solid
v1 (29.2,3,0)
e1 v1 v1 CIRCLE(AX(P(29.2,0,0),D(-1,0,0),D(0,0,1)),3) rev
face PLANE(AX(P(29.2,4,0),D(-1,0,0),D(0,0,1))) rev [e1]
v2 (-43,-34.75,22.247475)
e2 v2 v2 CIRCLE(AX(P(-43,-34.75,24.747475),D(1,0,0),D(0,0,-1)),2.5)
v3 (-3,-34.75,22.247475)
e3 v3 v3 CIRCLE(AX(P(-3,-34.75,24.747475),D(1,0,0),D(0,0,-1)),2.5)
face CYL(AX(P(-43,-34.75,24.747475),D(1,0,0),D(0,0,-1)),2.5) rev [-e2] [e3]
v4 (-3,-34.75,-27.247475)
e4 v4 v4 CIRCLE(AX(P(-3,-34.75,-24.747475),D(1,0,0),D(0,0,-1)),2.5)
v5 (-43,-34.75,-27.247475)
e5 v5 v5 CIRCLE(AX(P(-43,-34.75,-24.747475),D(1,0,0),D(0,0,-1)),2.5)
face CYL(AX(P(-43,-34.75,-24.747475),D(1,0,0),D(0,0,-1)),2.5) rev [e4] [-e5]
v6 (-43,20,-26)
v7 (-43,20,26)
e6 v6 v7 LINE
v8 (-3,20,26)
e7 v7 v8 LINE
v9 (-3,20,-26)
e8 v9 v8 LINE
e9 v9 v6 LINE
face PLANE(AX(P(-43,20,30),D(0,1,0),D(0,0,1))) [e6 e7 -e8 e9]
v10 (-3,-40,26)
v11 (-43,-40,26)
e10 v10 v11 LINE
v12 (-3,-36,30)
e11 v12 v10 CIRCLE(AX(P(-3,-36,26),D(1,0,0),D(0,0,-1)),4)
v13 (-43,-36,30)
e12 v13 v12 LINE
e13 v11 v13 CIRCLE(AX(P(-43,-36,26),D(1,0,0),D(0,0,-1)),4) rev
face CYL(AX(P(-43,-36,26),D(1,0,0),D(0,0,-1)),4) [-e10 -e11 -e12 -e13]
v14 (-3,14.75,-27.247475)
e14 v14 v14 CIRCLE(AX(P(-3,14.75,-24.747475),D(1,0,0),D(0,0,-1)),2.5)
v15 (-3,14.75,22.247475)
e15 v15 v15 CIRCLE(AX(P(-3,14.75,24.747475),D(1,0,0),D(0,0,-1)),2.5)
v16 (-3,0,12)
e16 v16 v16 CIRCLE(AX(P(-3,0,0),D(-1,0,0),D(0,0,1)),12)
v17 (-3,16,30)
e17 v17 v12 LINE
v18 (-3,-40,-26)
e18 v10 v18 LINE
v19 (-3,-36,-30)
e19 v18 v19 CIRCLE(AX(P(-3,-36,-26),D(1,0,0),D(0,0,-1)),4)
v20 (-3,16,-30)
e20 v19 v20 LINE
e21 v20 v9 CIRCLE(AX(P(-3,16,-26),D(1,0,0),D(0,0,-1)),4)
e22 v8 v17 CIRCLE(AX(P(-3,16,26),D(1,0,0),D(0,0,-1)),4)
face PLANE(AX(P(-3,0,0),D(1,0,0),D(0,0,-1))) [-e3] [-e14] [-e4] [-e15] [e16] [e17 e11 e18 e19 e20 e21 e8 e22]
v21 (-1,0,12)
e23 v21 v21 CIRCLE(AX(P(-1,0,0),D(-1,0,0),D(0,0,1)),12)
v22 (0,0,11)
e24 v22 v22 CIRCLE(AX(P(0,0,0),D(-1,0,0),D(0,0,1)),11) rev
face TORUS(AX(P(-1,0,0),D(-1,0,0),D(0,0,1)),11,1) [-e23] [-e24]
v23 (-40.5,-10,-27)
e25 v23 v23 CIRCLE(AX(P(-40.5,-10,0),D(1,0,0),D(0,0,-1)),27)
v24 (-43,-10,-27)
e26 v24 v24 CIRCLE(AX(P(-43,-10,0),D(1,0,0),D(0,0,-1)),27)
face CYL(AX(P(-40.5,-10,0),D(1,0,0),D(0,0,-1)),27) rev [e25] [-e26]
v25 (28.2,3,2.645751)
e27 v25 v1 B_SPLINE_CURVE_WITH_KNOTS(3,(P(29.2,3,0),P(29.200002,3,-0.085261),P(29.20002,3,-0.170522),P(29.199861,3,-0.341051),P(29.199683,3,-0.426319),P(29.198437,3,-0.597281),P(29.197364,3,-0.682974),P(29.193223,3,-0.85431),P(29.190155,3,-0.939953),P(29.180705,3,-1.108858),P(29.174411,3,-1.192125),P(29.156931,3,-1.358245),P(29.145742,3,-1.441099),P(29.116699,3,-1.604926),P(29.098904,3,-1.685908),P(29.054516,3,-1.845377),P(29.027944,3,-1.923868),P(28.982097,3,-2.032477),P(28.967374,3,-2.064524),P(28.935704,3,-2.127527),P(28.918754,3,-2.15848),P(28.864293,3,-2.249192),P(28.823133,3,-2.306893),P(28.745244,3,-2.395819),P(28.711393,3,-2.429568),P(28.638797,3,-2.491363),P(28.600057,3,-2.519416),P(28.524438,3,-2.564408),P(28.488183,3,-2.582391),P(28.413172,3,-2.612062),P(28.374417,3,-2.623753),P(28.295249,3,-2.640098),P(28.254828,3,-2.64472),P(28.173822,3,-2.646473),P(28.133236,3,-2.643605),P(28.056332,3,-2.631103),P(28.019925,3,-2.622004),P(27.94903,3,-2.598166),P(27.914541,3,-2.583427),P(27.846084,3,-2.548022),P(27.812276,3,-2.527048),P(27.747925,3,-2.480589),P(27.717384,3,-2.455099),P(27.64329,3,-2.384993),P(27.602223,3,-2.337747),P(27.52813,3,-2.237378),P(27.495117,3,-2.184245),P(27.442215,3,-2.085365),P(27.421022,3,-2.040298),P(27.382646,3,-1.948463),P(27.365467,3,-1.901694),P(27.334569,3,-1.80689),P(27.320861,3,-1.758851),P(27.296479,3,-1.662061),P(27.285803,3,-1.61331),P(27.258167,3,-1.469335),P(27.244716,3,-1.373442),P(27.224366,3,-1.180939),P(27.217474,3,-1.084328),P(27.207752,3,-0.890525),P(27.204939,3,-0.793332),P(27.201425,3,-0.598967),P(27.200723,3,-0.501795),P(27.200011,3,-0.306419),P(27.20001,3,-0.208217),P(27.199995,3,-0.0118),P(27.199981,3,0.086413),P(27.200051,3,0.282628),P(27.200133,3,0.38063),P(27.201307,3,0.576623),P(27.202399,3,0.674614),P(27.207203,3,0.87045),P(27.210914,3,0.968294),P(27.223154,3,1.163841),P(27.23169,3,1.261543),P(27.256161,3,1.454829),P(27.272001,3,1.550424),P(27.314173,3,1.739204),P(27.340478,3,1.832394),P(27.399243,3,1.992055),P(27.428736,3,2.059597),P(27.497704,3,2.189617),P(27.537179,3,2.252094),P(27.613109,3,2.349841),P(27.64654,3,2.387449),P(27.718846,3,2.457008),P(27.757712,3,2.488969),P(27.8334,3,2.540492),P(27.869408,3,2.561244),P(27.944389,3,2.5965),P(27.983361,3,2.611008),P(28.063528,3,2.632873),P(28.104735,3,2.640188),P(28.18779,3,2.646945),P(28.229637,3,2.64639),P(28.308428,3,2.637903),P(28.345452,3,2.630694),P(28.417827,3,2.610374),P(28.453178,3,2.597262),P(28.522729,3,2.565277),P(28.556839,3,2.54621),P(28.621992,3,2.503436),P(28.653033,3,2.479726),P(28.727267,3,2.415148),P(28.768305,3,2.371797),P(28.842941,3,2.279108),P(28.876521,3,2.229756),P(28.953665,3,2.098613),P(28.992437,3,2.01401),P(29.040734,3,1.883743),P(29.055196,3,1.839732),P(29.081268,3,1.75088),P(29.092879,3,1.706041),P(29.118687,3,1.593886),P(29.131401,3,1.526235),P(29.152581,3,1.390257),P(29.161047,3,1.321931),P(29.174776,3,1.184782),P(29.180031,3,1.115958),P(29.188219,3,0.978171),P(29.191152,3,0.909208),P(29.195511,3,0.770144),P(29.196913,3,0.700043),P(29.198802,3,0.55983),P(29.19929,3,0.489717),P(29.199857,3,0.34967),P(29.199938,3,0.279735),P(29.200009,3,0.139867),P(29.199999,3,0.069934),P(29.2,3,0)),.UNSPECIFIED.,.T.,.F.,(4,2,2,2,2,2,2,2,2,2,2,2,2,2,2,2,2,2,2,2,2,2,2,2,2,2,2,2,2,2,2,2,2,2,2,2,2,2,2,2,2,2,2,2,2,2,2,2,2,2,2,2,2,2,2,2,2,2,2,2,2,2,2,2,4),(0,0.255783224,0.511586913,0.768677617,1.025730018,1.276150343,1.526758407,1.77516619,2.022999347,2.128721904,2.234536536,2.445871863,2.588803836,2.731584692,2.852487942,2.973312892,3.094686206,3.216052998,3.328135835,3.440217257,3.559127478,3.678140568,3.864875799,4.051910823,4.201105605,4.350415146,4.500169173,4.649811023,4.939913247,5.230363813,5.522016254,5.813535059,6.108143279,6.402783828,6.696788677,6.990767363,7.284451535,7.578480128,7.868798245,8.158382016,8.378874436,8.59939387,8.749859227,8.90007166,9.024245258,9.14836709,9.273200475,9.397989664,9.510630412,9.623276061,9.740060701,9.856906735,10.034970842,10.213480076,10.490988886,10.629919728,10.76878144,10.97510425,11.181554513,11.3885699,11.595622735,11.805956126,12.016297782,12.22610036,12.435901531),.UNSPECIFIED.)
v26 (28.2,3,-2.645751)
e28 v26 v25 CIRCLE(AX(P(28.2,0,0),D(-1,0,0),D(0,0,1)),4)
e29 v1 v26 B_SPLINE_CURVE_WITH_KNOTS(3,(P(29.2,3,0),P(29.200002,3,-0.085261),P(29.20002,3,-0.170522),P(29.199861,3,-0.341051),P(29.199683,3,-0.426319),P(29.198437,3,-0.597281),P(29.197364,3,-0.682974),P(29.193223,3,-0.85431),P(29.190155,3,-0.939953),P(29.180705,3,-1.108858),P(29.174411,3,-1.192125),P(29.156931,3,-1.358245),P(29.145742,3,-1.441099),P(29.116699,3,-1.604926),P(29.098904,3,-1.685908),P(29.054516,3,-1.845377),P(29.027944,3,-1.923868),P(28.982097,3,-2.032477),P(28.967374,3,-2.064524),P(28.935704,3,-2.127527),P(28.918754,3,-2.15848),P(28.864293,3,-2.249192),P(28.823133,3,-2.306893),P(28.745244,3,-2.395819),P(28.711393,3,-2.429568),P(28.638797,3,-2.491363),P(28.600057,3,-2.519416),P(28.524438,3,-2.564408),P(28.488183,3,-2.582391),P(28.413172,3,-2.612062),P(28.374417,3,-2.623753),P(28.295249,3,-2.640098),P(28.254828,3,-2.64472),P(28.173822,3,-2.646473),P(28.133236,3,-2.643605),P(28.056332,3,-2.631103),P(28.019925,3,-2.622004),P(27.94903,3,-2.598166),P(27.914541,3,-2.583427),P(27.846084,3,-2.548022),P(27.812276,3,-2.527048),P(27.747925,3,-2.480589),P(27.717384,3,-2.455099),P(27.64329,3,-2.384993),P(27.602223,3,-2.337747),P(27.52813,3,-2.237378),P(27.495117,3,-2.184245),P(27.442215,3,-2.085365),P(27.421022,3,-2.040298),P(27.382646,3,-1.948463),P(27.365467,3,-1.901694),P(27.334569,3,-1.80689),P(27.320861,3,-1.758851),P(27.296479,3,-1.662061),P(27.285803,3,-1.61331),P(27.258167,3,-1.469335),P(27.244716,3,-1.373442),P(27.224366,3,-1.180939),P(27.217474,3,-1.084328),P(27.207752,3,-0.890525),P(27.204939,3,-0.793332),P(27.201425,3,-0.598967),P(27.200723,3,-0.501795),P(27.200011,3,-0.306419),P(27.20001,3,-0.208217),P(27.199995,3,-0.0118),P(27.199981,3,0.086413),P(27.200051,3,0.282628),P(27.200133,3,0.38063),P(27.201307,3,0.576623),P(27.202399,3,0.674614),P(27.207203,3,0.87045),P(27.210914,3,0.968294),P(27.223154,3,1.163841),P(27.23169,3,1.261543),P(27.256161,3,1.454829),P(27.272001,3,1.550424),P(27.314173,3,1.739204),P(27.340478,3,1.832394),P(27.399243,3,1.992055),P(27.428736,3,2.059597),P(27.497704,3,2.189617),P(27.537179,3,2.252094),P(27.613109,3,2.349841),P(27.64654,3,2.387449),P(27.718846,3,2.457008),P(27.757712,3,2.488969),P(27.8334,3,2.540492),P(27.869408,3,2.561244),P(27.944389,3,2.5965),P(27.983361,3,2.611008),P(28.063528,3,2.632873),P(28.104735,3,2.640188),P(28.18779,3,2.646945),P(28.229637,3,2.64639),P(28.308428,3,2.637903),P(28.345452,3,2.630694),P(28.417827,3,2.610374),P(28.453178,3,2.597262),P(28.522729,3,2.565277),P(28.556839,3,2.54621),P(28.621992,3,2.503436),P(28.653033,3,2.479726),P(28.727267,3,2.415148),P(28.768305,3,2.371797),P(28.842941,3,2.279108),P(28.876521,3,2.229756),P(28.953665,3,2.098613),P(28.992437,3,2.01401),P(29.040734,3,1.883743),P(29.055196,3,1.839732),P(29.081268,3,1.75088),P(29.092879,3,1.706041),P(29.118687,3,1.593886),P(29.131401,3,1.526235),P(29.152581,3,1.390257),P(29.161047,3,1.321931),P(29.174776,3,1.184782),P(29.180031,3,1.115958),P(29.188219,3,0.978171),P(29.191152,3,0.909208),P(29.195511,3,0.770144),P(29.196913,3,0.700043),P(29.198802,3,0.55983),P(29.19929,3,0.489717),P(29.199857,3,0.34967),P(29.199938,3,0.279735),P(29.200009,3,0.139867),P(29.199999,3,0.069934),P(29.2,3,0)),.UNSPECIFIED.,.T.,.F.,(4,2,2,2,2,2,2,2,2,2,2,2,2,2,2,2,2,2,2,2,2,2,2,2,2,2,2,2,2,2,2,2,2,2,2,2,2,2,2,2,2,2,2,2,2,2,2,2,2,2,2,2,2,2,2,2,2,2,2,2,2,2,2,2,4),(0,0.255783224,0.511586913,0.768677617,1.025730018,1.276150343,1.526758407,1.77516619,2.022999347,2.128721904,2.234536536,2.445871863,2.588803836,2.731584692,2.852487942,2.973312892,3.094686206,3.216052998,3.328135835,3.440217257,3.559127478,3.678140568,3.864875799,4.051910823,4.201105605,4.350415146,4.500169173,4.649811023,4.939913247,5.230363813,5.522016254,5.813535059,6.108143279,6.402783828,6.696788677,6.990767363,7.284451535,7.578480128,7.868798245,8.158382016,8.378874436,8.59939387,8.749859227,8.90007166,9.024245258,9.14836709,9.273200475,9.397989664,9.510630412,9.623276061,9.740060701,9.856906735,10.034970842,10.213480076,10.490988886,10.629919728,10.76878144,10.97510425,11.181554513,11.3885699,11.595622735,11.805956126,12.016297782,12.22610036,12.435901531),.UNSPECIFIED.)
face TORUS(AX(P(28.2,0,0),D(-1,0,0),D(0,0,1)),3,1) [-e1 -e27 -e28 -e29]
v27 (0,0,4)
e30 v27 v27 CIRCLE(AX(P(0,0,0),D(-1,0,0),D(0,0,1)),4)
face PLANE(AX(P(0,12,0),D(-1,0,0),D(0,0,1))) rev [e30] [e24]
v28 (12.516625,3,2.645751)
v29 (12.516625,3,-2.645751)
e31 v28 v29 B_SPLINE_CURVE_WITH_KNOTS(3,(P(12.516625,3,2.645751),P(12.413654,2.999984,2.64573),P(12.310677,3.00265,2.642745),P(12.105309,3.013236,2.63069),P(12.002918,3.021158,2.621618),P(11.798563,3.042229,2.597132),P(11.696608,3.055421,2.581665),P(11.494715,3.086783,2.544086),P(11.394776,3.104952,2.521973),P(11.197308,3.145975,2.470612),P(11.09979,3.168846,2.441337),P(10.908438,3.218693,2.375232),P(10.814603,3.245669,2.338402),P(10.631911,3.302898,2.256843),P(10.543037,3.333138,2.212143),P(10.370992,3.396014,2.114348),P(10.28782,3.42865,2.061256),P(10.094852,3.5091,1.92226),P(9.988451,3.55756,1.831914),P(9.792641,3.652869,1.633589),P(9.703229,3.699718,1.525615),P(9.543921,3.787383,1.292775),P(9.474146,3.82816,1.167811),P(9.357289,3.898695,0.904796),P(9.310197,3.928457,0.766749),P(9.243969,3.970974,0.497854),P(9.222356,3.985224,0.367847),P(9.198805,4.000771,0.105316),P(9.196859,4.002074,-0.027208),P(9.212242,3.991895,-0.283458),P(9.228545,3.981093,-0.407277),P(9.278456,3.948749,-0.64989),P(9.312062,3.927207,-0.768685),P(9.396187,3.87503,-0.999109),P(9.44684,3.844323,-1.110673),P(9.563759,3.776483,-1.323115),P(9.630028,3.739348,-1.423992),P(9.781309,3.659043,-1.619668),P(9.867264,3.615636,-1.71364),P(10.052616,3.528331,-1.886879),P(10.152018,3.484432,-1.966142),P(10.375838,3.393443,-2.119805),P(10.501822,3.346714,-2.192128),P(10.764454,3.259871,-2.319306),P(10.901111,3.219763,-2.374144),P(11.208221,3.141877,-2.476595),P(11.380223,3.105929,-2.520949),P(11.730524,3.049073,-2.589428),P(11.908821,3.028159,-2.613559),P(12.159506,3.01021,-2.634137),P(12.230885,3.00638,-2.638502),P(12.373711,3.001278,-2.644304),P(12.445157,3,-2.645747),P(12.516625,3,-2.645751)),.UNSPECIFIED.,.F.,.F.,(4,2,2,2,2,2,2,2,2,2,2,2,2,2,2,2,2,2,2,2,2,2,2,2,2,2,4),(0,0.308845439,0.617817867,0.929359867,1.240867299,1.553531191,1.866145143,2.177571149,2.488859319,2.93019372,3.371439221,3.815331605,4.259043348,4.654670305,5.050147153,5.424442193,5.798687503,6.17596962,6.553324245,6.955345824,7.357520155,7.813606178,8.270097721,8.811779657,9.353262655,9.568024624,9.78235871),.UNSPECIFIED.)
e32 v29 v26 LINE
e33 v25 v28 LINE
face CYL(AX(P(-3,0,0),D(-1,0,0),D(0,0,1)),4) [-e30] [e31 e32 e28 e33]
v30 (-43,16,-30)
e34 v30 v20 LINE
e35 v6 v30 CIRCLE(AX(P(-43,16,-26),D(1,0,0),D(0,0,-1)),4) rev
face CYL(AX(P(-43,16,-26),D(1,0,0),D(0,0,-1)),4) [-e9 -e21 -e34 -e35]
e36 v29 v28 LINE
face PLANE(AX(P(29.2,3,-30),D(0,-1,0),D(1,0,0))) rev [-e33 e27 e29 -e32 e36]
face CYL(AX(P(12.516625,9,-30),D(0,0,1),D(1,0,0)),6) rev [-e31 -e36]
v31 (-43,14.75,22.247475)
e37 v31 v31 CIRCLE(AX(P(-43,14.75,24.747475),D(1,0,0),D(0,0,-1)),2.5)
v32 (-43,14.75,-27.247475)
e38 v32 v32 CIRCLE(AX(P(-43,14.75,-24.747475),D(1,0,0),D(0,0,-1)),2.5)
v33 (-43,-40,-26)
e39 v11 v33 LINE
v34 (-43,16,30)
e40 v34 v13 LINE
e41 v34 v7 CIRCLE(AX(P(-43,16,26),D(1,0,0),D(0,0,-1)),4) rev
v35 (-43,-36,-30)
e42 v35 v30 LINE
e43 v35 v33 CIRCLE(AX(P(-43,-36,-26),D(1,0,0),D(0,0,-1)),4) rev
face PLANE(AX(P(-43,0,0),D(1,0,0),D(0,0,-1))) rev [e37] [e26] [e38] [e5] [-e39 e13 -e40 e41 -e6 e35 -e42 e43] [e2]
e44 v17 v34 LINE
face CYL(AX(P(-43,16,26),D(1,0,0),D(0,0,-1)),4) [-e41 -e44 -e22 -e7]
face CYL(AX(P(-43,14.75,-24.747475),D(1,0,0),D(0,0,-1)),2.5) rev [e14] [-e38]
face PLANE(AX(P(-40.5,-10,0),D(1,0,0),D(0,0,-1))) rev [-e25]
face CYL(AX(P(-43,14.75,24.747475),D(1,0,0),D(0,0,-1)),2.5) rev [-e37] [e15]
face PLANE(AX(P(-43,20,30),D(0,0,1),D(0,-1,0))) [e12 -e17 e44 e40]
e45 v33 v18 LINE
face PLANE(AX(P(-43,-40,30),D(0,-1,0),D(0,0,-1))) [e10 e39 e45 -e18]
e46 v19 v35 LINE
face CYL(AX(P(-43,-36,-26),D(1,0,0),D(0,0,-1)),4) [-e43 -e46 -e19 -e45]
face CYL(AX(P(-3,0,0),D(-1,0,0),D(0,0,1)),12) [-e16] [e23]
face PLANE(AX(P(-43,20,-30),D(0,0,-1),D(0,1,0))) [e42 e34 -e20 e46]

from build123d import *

# Parameters (mm, degrees)
SKETCH1_W               = 60
SKETCH1_H               = 60
BOSS_EXTRUDE1_DEPTH     = 40
SKETCH2_R               = 2.5
CUT_EXTRUDE1_DEPTH      = 65.031242374
FILLET1_R               = 4
FILLET2_R               = 1
CUT_EXTRUDE2_DEPTH      = 66.946948375
CUT_EXTRUDE2_DEPTH_BACK = 66.946948375
SKETCH5_W               = 2.5
SKETCH5_H               = 27


with BuildPart() as part:
    # Sketch1 → Boss-Extrude1 (new body)
    with BuildSketch(Plane(origin=(-3, 0, 0), x_dir=(0, 0, -1), z_dir=(1, 0, 0))):
        with Locations((0, -10)):
            Rectangle(SKETCH1_W, SKETCH1_H)
    extrude(amount=-BOSS_EXTRUDE1_DEPTH)

    # Sketch2 → Cut-Extrude1 (cut, through all)
    with BuildSketch(Plane(origin=(-3, 0, 0), x_dir=(0, 0, -1), z_dir=(1, 0, 0))):
        with Locations((-24.747474619, 14.75)):
            Circle(SKETCH2_R)
        with Locations((24.747474619, 14.75)):
            Circle(SKETCH2_R)
        with Locations((24.747474619, -34.75)):
            Circle(SKETCH2_R)
        with Locations((-24.747474619, -34.75)):
            Circle(SKETCH2_R)
    extrude(amount=-CUT_EXTRUDE1_DEPTH, mode=Mode.SUBTRACT)

    # Fillet1
    fillet1_edges = [part.edges().sort_by_distance(p)[0] for p in [
        (-23, 20, 30),
        (-23, 20, -30),
        (-23, -40, -30),
        (-23, -40, 30),
    ]]
    fillet(fillet1_edges, radius=FILLET1_R)

    # Sketch3 → Revolve1 (revolve)
    with BuildSketch(Plane.XY, mode=Mode.PRIVATE) as revolve1_sk:
        Polygon((-3, 12), (0, 12), (0, 4), (29.2, 4), (29.2, 0), (-3, 0), align=None)
    revolve(revolve1_sk.sketch.rotate(Axis((-3, 0, 0), (1, 0, 0)), 90), axis=Axis((-3, 0, 0), (1, 0, 0)))

    # Fillet2
    fillet2_edges = [part.edges().sort_by_distance(p)[0] for p in [
        (0, 0, -12),
        (29.2, 0, -4),
    ]]
    fillet(fillet2_edges, radius=FILLET2_R)

    # Sketch4 → Cut-Extrude2 (cut, two sides: drawn at the far end of the back side and taken through both)
    with BuildSketch(Plane.XY.offset(-CUT_EXTRUDE2_DEPTH_BACK)):
        with BuildLine():
            Line((29.2, 4), (9.2, 4))
            ThreePointArc((9.2, 4), (10.784573983, 3.255437353), (12.51662479, 3))
            Line((12.51662479, 3), (29.2, 3))
            Line((29.2, 3), (29.2, 4))
        make_face()
    extrude(amount=CUT_EXTRUDE2_DEPTH + CUT_EXTRUDE2_DEPTH_BACK, mode=Mode.SUBTRACT)

    # Sketch5 → Cut-Revolve1 (revolve, cut)
    with BuildSketch(Plane.XY, mode=Mode.PRIVATE) as cut_revolve1_sk:
        with Locations((-41.75, 3.5)):
            Rectangle(SKETCH5_W, SKETCH5_H)
    revolve(cut_revolve1_sk.sketch.rotate(Axis((-40.5, -10, 0), (-1, 0, 0)), 90), axis=Axis((-40.5, -10, 0), (-1, 0, 0)), mode=Mode.SUBTRACT)


solid = part.part
